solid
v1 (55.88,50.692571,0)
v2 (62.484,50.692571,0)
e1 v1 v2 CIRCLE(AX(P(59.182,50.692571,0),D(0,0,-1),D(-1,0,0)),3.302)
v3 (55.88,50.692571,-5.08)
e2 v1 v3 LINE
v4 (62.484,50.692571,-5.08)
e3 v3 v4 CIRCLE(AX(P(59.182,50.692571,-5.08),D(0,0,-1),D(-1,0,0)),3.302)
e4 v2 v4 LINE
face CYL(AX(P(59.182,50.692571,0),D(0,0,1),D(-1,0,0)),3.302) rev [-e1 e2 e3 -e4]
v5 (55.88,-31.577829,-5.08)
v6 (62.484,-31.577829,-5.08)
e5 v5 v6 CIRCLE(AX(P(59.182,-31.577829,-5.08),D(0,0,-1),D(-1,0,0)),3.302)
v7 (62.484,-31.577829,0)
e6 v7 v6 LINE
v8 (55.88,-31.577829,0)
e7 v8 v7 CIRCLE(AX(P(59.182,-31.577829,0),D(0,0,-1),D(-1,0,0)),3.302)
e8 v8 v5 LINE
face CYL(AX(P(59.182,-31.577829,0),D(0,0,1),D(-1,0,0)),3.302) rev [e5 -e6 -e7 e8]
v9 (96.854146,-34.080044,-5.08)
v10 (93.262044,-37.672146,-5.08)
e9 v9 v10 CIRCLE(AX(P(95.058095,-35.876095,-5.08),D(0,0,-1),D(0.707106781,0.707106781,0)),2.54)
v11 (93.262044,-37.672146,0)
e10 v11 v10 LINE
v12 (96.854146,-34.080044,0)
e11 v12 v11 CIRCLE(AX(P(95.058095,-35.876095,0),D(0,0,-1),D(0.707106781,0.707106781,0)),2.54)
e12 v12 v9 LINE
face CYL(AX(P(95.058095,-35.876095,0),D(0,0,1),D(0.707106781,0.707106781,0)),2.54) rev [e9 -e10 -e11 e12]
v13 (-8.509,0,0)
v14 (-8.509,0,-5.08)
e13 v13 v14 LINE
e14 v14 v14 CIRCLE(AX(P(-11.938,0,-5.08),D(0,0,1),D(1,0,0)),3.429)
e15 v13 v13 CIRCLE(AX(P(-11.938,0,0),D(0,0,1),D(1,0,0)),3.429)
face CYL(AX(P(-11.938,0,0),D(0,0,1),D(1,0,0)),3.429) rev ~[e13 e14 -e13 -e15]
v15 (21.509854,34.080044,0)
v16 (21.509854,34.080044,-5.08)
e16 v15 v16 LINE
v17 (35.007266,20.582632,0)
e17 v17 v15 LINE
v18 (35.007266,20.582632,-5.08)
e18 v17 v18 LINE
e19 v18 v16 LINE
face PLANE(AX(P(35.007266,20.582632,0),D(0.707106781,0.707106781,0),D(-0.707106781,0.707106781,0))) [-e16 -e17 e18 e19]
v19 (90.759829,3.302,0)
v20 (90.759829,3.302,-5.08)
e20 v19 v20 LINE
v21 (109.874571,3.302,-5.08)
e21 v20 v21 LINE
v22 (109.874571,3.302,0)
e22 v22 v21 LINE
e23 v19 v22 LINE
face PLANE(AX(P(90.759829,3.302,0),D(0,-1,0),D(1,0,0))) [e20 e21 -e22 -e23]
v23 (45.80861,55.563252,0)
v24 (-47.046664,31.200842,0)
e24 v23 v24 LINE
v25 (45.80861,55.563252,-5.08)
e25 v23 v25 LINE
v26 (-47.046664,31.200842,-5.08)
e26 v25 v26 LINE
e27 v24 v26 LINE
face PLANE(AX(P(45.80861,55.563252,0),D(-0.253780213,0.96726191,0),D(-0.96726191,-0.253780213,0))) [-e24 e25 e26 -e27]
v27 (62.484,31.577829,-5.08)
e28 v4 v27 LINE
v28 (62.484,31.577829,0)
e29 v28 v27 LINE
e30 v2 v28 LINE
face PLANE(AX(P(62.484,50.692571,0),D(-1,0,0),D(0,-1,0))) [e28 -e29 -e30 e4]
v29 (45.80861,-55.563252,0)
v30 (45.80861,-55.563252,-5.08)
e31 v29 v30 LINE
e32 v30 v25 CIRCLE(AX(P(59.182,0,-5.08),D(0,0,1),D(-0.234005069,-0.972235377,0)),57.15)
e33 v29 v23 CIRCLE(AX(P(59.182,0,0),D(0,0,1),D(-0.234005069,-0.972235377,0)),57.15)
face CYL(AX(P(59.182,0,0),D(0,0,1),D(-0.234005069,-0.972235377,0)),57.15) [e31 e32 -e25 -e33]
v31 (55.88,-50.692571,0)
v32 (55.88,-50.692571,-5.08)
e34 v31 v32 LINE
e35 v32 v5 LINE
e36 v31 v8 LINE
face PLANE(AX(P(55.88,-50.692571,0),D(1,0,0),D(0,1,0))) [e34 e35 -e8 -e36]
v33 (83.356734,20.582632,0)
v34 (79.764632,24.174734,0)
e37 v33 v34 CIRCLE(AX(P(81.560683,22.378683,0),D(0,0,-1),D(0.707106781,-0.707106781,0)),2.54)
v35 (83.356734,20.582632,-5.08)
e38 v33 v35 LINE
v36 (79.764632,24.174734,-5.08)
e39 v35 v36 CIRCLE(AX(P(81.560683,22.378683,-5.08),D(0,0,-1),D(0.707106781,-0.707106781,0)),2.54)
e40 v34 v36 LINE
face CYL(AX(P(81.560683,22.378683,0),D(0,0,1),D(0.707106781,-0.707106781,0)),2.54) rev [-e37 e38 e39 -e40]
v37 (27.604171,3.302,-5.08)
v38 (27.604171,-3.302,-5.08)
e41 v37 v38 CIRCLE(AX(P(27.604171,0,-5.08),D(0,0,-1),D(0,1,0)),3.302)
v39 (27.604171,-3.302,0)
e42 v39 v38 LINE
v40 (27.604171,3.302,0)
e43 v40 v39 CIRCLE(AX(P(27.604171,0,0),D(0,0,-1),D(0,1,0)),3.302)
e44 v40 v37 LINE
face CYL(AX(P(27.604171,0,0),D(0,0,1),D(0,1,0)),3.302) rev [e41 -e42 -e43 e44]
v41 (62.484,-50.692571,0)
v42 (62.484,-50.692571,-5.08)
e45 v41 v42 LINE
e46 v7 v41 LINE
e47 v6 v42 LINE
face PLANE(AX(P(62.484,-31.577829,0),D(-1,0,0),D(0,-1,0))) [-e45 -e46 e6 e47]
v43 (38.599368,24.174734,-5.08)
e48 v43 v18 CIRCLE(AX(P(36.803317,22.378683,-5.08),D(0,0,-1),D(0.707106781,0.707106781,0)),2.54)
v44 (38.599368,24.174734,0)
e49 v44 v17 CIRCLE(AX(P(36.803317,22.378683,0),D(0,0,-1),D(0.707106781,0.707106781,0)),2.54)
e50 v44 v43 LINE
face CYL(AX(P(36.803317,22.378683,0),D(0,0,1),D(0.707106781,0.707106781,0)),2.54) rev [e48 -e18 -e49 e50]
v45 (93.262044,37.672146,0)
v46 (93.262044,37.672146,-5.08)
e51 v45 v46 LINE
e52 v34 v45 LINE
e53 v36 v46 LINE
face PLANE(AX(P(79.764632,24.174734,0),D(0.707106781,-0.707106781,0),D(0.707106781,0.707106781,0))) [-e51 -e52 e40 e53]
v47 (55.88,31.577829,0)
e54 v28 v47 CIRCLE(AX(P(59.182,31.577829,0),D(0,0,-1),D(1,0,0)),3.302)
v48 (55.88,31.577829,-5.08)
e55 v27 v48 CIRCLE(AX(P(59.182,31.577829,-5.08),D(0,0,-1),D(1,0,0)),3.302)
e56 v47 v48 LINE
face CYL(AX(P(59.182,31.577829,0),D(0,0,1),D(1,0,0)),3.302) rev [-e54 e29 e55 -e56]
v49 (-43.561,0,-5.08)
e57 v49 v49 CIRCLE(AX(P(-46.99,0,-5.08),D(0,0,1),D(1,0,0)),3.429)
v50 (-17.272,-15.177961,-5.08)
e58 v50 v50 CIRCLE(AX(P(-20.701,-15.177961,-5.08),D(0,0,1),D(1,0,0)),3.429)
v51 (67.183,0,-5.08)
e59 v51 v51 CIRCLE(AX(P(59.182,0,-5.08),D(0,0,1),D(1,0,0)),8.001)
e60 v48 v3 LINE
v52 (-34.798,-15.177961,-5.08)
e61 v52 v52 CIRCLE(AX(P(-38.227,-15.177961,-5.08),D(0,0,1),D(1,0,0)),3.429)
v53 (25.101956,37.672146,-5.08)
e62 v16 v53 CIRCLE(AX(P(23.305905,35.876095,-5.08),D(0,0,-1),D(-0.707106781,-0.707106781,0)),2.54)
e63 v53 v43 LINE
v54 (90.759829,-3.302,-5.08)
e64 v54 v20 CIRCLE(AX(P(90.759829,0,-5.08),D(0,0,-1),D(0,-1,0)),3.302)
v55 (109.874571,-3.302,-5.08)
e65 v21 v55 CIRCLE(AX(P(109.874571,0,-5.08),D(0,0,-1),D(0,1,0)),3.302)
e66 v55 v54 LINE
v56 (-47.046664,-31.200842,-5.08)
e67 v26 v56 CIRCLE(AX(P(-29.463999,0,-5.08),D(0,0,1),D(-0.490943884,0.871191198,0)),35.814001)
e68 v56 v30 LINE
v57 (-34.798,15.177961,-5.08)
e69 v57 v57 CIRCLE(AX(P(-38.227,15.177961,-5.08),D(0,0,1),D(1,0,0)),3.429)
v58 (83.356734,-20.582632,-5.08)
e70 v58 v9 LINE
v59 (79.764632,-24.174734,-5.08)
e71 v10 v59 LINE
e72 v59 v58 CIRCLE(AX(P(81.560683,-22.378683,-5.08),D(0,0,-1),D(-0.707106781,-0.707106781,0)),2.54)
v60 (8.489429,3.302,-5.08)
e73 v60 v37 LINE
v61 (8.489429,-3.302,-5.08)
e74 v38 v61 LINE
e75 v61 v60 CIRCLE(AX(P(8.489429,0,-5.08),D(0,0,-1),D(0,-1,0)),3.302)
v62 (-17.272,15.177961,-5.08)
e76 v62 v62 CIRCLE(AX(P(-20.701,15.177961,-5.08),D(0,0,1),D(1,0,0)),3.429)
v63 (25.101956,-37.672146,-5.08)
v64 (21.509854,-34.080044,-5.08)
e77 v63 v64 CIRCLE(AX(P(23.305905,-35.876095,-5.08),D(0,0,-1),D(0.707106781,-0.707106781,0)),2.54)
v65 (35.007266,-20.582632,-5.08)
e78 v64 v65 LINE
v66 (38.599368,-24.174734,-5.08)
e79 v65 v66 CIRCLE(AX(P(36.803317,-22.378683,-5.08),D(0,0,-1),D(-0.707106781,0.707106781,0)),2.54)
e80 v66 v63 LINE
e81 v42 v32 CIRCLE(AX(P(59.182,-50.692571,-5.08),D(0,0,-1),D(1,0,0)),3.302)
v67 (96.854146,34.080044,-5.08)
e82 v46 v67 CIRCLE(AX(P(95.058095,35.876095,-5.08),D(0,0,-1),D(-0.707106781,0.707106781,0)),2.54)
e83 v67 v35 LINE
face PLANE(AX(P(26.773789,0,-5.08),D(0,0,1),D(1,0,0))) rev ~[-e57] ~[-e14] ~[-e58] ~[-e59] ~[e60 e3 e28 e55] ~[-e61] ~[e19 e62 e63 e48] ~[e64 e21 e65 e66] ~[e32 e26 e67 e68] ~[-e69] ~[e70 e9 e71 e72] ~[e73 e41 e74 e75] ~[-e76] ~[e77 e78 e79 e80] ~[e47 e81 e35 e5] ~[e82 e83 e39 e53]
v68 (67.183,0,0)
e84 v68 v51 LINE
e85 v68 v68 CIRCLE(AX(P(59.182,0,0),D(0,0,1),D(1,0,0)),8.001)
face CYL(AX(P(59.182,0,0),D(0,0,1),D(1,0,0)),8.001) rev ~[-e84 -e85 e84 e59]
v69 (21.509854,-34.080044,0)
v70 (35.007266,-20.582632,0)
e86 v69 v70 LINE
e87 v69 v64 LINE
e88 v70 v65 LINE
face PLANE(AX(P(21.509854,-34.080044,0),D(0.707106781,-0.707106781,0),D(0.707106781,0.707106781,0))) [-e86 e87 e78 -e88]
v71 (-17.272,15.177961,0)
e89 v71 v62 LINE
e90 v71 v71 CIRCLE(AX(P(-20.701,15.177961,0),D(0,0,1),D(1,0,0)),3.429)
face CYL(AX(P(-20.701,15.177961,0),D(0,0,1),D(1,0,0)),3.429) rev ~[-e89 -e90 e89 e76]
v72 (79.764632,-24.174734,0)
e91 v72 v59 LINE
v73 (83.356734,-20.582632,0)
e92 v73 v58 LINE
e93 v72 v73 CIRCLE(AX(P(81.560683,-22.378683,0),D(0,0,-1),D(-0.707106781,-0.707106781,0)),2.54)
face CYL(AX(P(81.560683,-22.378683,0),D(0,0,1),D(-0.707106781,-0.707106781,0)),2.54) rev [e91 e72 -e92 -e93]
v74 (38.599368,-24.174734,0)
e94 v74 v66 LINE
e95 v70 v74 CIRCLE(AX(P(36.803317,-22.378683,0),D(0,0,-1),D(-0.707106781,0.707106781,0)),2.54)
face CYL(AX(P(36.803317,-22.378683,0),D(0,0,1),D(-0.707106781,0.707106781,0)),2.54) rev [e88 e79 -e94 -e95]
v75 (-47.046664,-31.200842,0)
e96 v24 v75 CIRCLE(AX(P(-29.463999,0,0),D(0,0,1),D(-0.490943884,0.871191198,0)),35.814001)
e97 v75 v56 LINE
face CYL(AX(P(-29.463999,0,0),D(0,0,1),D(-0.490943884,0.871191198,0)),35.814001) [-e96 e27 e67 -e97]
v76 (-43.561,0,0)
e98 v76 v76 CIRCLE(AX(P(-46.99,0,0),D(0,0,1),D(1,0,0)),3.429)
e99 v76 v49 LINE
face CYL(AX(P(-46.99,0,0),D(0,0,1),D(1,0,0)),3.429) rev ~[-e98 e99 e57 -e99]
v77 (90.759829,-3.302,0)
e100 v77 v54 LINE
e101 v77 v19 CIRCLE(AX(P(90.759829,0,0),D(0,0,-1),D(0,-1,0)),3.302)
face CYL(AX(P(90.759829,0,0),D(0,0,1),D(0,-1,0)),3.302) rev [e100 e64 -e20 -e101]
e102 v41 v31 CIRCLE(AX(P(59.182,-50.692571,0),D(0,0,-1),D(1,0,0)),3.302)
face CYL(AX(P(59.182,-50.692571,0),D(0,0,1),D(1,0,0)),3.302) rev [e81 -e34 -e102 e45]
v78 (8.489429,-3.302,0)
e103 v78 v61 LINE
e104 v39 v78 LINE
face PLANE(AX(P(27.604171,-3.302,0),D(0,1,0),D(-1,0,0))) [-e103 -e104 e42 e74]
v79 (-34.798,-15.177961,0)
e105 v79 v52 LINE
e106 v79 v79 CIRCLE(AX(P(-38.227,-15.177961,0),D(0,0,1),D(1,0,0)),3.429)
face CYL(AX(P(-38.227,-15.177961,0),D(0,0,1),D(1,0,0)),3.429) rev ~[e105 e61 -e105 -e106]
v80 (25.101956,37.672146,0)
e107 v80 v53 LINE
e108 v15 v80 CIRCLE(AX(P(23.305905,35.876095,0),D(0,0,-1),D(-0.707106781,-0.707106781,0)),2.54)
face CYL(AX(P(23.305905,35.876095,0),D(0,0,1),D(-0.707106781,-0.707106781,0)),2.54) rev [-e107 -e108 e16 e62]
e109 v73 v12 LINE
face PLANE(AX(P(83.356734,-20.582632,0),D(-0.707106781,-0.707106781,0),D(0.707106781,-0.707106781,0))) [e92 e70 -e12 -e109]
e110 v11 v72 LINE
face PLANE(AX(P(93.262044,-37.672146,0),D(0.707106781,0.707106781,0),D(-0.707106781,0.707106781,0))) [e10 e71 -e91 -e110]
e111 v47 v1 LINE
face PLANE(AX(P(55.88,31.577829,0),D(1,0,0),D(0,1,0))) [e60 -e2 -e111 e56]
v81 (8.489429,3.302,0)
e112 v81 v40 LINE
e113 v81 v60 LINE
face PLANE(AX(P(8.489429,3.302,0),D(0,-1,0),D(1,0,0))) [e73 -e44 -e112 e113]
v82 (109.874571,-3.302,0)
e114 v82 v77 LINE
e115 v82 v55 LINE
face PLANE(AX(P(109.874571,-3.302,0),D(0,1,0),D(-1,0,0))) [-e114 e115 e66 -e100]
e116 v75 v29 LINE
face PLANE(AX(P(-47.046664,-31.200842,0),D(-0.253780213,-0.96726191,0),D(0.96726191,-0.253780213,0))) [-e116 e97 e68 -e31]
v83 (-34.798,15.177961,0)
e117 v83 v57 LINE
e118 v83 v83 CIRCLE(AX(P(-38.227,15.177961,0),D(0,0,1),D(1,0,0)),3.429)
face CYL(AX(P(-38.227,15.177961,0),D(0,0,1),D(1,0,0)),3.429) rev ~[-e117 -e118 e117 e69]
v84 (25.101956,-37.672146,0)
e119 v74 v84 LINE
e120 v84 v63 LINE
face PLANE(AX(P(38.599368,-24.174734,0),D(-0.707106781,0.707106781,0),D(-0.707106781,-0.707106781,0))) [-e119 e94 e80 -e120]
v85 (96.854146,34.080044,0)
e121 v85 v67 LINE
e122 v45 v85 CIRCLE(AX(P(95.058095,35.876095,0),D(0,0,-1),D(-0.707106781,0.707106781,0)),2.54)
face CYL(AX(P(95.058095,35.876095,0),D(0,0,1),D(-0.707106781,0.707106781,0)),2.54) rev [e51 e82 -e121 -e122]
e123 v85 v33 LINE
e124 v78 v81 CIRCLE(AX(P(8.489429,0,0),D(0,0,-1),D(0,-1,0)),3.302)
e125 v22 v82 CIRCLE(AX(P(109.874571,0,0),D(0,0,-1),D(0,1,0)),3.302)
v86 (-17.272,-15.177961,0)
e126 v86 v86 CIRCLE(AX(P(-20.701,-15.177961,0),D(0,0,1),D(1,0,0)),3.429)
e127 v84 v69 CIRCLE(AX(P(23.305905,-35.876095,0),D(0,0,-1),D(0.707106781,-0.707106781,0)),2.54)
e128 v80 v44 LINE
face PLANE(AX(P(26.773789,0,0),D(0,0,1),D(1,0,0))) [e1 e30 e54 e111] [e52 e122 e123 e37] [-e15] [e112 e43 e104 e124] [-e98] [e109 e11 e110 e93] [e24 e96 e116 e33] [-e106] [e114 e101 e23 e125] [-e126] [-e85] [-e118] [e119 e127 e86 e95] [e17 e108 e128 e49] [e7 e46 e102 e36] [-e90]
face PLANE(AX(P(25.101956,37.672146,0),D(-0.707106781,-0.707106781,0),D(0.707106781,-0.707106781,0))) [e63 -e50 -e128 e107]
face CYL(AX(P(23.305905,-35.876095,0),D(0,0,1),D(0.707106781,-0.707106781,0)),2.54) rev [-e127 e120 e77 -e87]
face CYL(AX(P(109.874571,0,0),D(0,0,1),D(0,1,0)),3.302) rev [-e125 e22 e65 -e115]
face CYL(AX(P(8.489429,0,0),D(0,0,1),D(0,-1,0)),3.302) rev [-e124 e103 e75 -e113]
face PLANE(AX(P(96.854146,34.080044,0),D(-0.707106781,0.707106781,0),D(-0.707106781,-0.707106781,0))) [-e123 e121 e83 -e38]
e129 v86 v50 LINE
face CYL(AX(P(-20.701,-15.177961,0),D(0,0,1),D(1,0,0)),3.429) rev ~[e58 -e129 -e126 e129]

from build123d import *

# Parameters (mm, degrees)
F0_R     = 3.429
F0_R_2   = 8.001
F1_DEPTH = 5.08


with BuildPart() as f1:
    # F0 (on Top) → F1 (new body)
    with BuildSketch(Plane.XY):
        with BuildLine():
            ThreePointArc((-47.046664, 31.200842), (-65.278, 0), (-47.046664, -31.200842))
            Line((-47.046664, -31.200842), (45.80861, -55.563252))
            ThreePointArc((45.80861, -55.563252), (116.332, 0), (45.80861, 55.563252))
            Line((45.80861, 55.563252), (-47.046664, 31.200842))
        make_face()
        with Locations((-38.227, -15.177961)):
            Circle(F0_R, mode=Mode.SUBTRACT)
        with Locations((-20.701, -15.177961)):
            Circle(F0_R, mode=Mode.SUBTRACT)
        with BuildLine():
            ThreePointArc((35.007266, -20.582632), (38.599368, -20.582632), (38.599368, -24.174734))
            Line((38.599368, -24.174734), (25.101956, -37.672146))
            ThreePointArc((25.101956, -37.672146), (21.509854, -37.672146), (21.509854, -34.080044))
            Line((21.509854, -34.080044), (35.007266, -20.582632))
        make_face(mode=Mode.SUBTRACT)
        with BuildLine():
            ThreePointArc((55.88, -31.577829), (59.182, -28.275829), (62.484, -31.577829))
            Line((62.484, -31.577829), (62.484, -50.692571))
            ThreePointArc((62.484, -50.692571), (59.182, -53.994571), (55.88, -50.692571))
            Line((55.88, -50.692571), (55.88, -31.577829))
        make_face(mode=Mode.SUBTRACT)
        with BuildLine():
            ThreePointArc((79.764632, -24.174734), (79.764632, -20.582632), (83.356734, -20.582632))
            Line((83.356734, -20.582632), (96.854146, -34.080044))
            ThreePointArc((96.854146, -34.080044), (96.854146, -37.672146), (93.262044, -37.672146))
            Line((93.262044, -37.672146), (79.764632, -24.174734))
        make_face(mode=Mode.SUBTRACT)
        with Locations((-46.99, 0)):
            Circle(F0_R, mode=Mode.SUBTRACT)
        with Locations((-38.227, 15.177961)):
            Circle(F0_R, mode=Mode.SUBTRACT)
        with Locations((-20.701, 15.177961)):
            Circle(F0_R, mode=Mode.SUBTRACT)
        with Locations((-11.938, 0)):
            Circle(F0_R, mode=Mode.SUBTRACT)
        with BuildLine():
            ThreePointArc((27.604171, 3.302), (30.906171, 0), (27.604171, -3.302))
            Line((27.604171, -3.302), (8.489429, -3.302))
            ThreePointArc((8.489429, -3.302), (5.187429, 0), (8.489429, 3.302))
            Line((8.489429, 3.302), (27.604171, 3.302))
        make_face(mode=Mode.SUBTRACT)
        with Locations((59.182, 0)):
            Circle(F0_R_2, mode=Mode.SUBTRACT)
        with BuildLine():
            ThreePointArc((90.759829, -3.302), (87.457829, 0), (90.759829, 3.302))
            Line((90.759829, 3.302), (109.874571, 3.302))
            ThreePointArc((109.874571, 3.302), (113.176571, 0), (109.874571, -3.302))
            Line((109.874571, -3.302), (90.759829, -3.302))
        make_face(mode=Mode.SUBTRACT)
        with BuildLine():
            ThreePointArc((38.599368, 24.174734), (38.599368, 20.582632), (35.007266, 20.582632))
            Line((35.007266, 20.582632), (21.509854, 34.080044))
            ThreePointArc((21.509854, 34.080044), (21.509854, 37.672146), (25.101956, 37.672146))
            Line((25.101956, 37.672146), (38.599368, 24.174734))
        make_face(mode=Mode.SUBTRACT)
        with BuildLine():
            ThreePointArc((62.484, 31.577829), (59.182, 28.275829), (55.88, 31.577829))
            Line((55.88, 31.577829), (55.88, 50.692571))
            ThreePointArc((55.88, 50.692571), (59.182, 53.994571), (62.484, 50.692571))
            Line((62.484, 50.692571), (62.484, 31.577829))
        make_face(mode=Mode.SUBTRACT)
        with BuildLine():
            Line((96.854146, 34.080044), (83.356734, 20.582632))
            ThreePointArc((83.356734, 20.582632), (79.764632, 20.582632), (79.764632, 24.174734))
            Line((79.764632, 24.174734), (93.262044, 37.672146))
            ThreePointArc((93.262044, 37.672146), (96.854146, 37.672146), (96.854146, 34.080044))
        make_face(mode=Mode.SUBTRACT)
    extrude(amount=-F1_DEPTH)


solid = f1.part
